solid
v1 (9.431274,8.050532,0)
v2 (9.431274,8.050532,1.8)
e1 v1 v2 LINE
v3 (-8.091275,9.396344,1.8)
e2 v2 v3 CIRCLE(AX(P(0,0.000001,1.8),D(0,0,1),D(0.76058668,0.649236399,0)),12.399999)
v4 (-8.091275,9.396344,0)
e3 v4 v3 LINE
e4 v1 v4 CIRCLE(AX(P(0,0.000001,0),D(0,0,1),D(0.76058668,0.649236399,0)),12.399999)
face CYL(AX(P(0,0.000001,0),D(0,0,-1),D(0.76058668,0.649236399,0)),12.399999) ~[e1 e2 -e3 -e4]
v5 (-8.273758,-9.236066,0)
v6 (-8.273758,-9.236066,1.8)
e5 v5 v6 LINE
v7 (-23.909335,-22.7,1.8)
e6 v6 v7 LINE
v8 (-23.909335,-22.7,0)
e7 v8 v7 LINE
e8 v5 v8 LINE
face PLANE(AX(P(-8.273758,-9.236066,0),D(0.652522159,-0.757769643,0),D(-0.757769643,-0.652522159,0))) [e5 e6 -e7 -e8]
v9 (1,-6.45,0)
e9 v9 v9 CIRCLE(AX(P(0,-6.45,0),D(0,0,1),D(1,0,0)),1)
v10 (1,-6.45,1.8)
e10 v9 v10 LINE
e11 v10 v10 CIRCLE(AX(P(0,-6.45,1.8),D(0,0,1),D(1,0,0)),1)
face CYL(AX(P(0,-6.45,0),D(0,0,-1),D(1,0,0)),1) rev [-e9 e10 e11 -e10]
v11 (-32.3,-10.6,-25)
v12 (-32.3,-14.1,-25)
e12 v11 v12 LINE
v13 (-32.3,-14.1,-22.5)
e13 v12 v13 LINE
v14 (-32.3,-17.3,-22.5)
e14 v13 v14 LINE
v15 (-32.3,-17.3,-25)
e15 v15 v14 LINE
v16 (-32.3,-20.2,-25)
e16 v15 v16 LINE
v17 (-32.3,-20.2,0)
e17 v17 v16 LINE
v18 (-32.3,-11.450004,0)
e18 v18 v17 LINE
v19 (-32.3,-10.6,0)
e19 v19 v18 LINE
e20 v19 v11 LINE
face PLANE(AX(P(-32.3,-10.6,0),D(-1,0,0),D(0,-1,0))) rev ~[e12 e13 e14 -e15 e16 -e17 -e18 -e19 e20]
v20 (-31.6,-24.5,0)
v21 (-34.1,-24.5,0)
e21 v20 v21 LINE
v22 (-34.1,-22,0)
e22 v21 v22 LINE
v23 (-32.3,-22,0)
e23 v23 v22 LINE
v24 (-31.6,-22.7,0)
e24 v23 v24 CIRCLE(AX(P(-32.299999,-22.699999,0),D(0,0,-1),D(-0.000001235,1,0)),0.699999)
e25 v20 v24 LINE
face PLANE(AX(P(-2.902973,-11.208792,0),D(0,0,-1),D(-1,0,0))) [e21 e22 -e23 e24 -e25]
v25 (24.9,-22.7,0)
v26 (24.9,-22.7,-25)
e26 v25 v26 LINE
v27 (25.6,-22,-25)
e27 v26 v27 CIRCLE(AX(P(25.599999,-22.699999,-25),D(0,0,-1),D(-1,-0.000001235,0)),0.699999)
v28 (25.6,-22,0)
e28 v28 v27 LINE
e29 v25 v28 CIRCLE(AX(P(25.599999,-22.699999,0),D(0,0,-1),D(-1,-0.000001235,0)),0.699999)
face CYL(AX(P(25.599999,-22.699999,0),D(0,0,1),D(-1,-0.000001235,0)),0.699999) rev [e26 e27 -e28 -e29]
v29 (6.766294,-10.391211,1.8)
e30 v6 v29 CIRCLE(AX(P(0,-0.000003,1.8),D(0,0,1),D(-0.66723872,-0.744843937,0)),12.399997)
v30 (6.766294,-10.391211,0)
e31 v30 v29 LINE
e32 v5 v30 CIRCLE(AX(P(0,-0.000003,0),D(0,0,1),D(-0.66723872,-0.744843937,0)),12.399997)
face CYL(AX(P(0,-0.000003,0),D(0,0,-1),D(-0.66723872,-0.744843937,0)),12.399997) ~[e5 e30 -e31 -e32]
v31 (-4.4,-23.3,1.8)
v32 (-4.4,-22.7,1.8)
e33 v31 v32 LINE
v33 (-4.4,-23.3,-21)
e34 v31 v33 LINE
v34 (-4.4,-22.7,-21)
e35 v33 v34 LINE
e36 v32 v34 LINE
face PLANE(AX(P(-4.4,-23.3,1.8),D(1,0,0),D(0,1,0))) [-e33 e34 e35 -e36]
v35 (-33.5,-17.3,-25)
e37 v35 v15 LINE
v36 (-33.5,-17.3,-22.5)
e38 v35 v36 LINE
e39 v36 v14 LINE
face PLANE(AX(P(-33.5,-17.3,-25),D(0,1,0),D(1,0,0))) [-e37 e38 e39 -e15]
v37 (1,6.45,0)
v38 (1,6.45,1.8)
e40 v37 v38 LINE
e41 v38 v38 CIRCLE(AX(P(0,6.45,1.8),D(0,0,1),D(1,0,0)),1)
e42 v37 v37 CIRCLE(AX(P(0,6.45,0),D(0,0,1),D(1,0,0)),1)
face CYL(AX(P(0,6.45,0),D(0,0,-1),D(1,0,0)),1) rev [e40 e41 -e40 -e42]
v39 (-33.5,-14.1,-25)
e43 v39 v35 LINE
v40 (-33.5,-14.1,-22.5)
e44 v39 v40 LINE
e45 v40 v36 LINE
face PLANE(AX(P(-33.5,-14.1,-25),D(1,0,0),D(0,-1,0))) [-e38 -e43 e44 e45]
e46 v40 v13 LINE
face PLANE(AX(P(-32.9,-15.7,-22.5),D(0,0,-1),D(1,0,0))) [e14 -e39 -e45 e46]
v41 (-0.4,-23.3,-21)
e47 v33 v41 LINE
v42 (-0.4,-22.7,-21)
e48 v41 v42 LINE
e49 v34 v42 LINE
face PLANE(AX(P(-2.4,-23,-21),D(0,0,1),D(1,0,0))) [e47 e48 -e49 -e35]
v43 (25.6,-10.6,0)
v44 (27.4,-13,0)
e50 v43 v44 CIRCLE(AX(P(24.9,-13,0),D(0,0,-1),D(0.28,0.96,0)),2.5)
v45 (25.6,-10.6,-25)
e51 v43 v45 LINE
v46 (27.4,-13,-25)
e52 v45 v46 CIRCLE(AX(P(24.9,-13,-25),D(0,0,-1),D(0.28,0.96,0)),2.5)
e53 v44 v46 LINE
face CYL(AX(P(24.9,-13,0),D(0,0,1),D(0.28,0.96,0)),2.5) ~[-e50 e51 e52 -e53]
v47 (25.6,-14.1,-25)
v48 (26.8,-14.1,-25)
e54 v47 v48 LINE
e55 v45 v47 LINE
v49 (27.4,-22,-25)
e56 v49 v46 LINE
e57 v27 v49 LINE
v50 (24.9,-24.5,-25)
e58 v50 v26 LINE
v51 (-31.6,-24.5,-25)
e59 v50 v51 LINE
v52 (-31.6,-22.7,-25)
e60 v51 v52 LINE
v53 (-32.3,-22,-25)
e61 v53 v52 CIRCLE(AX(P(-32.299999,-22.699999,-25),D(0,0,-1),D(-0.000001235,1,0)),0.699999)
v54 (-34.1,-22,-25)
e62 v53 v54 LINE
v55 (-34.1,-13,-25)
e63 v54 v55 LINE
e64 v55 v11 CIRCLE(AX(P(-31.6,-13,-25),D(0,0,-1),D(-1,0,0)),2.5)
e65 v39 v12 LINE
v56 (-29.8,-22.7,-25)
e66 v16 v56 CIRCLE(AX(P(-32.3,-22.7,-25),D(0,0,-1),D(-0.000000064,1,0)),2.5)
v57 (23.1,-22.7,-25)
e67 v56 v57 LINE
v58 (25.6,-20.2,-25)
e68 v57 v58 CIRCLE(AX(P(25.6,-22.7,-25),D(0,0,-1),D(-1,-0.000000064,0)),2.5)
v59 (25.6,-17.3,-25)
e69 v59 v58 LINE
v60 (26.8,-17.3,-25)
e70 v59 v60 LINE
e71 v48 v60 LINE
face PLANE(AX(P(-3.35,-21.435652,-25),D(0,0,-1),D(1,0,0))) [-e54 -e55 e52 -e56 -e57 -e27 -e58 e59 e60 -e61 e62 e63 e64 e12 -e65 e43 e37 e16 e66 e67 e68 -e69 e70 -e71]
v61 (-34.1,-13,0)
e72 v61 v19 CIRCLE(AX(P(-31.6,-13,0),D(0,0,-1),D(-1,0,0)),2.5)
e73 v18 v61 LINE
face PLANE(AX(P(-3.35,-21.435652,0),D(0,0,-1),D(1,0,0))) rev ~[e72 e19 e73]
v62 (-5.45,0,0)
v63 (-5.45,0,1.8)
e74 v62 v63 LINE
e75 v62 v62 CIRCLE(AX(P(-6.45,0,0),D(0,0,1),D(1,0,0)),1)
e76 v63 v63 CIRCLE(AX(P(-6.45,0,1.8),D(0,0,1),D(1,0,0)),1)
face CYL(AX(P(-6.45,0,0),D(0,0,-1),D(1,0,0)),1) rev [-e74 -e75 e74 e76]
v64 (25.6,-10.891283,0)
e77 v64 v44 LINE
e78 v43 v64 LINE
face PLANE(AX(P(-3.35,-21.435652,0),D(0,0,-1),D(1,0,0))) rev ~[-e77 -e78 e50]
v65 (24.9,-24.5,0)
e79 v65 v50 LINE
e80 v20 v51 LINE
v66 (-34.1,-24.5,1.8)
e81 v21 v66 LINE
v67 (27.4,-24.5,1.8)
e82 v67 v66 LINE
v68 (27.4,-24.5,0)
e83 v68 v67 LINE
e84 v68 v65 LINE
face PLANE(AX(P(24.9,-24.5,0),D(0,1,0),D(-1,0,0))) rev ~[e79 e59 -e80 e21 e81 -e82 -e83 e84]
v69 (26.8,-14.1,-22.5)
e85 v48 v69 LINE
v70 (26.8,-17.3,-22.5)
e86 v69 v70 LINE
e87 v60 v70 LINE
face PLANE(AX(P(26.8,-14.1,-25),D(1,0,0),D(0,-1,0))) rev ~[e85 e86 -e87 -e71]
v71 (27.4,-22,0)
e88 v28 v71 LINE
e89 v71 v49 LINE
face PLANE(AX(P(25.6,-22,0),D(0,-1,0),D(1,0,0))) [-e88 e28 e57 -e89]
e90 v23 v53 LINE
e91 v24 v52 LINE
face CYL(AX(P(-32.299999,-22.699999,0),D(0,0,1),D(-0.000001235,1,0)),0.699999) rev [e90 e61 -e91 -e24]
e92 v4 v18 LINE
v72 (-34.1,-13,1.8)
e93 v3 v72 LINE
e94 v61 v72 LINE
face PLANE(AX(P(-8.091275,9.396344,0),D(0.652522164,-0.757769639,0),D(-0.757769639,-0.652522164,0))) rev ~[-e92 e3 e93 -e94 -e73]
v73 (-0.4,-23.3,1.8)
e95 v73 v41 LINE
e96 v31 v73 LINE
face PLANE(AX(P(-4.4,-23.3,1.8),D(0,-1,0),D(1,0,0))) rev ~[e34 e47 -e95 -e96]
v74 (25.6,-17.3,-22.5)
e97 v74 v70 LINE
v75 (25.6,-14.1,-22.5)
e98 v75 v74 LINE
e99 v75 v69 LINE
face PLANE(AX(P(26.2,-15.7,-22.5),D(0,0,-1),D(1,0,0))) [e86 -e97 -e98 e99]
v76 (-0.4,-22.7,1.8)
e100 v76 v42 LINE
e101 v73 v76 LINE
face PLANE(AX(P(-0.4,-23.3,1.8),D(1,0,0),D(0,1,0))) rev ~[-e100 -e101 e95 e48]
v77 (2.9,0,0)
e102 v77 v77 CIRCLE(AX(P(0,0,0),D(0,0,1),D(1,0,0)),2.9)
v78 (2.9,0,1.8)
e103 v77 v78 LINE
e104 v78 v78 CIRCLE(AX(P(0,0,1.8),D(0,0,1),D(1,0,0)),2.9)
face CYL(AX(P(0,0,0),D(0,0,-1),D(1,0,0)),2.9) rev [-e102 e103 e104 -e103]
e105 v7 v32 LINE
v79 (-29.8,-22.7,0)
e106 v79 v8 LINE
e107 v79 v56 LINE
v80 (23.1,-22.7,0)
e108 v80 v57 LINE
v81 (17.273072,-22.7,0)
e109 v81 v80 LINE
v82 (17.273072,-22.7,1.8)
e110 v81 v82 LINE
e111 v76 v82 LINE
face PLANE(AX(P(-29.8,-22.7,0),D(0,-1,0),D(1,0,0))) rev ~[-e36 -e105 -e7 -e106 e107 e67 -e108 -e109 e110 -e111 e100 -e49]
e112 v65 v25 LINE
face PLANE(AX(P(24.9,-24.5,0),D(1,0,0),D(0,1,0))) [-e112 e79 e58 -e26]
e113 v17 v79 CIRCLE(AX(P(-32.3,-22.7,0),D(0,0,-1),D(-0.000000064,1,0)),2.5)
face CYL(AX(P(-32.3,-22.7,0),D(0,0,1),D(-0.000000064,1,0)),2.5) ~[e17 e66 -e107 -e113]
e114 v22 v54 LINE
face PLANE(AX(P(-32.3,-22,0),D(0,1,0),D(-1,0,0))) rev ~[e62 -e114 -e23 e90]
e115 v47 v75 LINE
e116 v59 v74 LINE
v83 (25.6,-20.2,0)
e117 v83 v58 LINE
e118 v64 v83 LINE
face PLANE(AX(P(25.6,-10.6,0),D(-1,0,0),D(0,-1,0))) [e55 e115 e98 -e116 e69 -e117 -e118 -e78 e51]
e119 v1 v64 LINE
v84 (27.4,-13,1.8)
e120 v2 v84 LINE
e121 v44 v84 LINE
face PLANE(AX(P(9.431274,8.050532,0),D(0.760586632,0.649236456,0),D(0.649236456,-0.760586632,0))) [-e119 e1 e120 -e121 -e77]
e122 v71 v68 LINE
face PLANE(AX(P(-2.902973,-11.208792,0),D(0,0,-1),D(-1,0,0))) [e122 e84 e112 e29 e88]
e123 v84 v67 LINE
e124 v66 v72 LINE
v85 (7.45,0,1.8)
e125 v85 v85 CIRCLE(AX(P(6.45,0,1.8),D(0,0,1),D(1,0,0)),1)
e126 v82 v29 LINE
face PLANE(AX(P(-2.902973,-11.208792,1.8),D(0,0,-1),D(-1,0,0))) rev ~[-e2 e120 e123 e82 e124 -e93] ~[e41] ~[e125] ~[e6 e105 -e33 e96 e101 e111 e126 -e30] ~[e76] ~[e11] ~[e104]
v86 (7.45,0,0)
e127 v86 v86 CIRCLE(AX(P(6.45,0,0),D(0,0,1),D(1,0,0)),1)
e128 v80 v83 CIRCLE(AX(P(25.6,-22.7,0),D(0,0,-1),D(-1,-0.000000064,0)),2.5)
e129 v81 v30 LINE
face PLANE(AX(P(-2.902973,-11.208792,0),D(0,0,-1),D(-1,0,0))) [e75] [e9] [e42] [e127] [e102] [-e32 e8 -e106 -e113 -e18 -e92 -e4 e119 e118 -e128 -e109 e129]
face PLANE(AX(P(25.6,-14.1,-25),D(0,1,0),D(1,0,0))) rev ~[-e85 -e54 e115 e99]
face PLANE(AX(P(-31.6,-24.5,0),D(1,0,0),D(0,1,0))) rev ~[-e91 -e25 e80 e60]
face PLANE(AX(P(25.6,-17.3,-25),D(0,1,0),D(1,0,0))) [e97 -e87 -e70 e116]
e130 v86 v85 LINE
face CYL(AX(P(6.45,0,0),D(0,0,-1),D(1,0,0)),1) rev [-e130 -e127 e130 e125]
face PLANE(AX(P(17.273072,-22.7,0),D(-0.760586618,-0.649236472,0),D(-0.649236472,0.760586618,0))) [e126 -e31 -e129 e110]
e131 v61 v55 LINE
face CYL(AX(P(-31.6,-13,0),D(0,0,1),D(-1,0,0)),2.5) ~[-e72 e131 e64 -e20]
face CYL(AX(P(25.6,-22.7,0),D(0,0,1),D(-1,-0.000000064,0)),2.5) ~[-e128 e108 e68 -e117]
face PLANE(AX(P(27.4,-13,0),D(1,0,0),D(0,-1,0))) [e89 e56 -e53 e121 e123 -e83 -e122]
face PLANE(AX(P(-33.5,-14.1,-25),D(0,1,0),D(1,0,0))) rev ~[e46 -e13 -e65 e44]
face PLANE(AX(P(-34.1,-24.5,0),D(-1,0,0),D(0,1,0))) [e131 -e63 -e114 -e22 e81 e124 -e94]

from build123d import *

# Parameters (mm, degrees)
SKETCH_R        = 1
SKETCH_R_2      = 2.9
PAD_DEPTH       = 1.8
PAD001_DEPTH    = 25
SKETCH004_W     = 4
SKETCH004_H     = 0.6
POCKET_DEPTH    = 22.8
SKETCH005_W     = 1.2
SKETCH005_H     = 3.2
POCKET001_DEPTH = 2.5


with BuildPart() as part:
    # Sketch → Pad (new body)
    with BuildSketch(Plane.XY):
        with BuildLine():
            Line((9.431274, 8.050532), (27.4, -13))
            Line((27.4, -13), (27.4, -24.5))
            Line((27.4, -24.5), (-34.1, -24.5))
            Line((-34.1, -24.5), (-34.1, -13))
            Line((-8.091275, 9.396344), (-34.1, -13))
            ThreePointArc((9.431274, 8.050532), (0.94958, 12.363588), (-8.091275, 9.396344))
        make_face()
        with Locations((6.45, 0)):
            Circle(SKETCH_R, mode=Mode.SUBTRACT)
        with Locations((-6.45, 0)):
            Circle(SKETCH_R, mode=Mode.SUBTRACT)
        with Locations((0, 6.45)):
            Circle(SKETCH_R, mode=Mode.SUBTRACT)
        with Locations((0, -6.45)):
            Circle(SKETCH_R, mode=Mode.SUBTRACT)
        Circle(SKETCH_R_2, mode=Mode.SUBTRACT)
        with BuildLine():
            Line((-8.273758, -9.236066), (-23.909335, -22.7))
            Line((-23.909335, -22.7), (17.273072, -22.7))
            Line((17.273072, -22.7), (6.766294, -10.391211))
            ThreePointArc((-8.273758, -9.236066), (-0.94958, -12.363588), (6.766294, -10.391211))
        make_face(mode=Mode.SUBTRACT)
    extrude(amount=PAD_DEPTH)

    # Sketch001 → Pad001 (new body)
    with BuildSketch(Plane(origin=(0, 0, 0), x_dir=(1, 0, 0), z_dir=(0, 0, -1))):
        with BuildLine():
            Line((24.9, 24.5), (-31.6, 24.5))
            Line((-31.6, 24.5), (-31.6, 22.7))
            ThreePointArc((-32.3, 22), (-31.805025, 22.205025), (-31.6, 22.7))
            Line((-32.3, 22), (-34.1, 22))
            Line((-34.1, 22), (-34.1, 13))
            ThreePointArc((-34.1, 13), (-33.6, 11.5), (-32.3, 10.6))
            Line((-32.3, 10.6), (-32.3, 20.2))
            ThreePointArc((-32.3, 20.2), (-30.532233, 20.932233), (-29.8, 22.7))
            Line((-29.8, 22.7), (23.1, 22.7))
            ThreePointArc((23.1, 22.7), (23.832233, 20.932233), (25.6, 20.2))
            Line((25.6, 10.6), (25.6, 20.2))
            ThreePointArc((25.6, 10.6), (26.9, 11.5), (27.4, 13))
            Line((27.4, 22), (27.4, 13))
            Line((25.6, 22), (27.4, 22))
            ThreePointArc((24.9, 22.7), (25.105025, 22.205025), (25.6, 22))
            Line((24.9, 24.5), (24.9, 22.7))
        make_face()
    extrude(amount=PAD001_DEPTH)

    # Sketch004 → Pocket (cut)
    with BuildSketch(Plane.XY.offset(1.8)):
        with Locations((-2.4, -23)):
            Rectangle(SKETCH004_W, SKETCH004_H)
    extrude(amount=-POCKET_DEPTH, mode=Mode.SUBTRACT)

    # Sketch005 → Pocket001 (cut)
    with BuildSketch(Plane(origin=(0, 0, -25), x_dir=(1, 0, 0), z_dir=(0, 0, -1))):
        with Locations((26.2, 15.7)):
            Rectangle(SKETCH005_W, SKETCH005_H)
        with Locations((-32.9, 15.7)):
            Rectangle(SKETCH005_W, SKETCH005_H)
    extrude(amount=-POCKET001_DEPTH, mode=Mode.SUBTRACT)


solid = part.part
